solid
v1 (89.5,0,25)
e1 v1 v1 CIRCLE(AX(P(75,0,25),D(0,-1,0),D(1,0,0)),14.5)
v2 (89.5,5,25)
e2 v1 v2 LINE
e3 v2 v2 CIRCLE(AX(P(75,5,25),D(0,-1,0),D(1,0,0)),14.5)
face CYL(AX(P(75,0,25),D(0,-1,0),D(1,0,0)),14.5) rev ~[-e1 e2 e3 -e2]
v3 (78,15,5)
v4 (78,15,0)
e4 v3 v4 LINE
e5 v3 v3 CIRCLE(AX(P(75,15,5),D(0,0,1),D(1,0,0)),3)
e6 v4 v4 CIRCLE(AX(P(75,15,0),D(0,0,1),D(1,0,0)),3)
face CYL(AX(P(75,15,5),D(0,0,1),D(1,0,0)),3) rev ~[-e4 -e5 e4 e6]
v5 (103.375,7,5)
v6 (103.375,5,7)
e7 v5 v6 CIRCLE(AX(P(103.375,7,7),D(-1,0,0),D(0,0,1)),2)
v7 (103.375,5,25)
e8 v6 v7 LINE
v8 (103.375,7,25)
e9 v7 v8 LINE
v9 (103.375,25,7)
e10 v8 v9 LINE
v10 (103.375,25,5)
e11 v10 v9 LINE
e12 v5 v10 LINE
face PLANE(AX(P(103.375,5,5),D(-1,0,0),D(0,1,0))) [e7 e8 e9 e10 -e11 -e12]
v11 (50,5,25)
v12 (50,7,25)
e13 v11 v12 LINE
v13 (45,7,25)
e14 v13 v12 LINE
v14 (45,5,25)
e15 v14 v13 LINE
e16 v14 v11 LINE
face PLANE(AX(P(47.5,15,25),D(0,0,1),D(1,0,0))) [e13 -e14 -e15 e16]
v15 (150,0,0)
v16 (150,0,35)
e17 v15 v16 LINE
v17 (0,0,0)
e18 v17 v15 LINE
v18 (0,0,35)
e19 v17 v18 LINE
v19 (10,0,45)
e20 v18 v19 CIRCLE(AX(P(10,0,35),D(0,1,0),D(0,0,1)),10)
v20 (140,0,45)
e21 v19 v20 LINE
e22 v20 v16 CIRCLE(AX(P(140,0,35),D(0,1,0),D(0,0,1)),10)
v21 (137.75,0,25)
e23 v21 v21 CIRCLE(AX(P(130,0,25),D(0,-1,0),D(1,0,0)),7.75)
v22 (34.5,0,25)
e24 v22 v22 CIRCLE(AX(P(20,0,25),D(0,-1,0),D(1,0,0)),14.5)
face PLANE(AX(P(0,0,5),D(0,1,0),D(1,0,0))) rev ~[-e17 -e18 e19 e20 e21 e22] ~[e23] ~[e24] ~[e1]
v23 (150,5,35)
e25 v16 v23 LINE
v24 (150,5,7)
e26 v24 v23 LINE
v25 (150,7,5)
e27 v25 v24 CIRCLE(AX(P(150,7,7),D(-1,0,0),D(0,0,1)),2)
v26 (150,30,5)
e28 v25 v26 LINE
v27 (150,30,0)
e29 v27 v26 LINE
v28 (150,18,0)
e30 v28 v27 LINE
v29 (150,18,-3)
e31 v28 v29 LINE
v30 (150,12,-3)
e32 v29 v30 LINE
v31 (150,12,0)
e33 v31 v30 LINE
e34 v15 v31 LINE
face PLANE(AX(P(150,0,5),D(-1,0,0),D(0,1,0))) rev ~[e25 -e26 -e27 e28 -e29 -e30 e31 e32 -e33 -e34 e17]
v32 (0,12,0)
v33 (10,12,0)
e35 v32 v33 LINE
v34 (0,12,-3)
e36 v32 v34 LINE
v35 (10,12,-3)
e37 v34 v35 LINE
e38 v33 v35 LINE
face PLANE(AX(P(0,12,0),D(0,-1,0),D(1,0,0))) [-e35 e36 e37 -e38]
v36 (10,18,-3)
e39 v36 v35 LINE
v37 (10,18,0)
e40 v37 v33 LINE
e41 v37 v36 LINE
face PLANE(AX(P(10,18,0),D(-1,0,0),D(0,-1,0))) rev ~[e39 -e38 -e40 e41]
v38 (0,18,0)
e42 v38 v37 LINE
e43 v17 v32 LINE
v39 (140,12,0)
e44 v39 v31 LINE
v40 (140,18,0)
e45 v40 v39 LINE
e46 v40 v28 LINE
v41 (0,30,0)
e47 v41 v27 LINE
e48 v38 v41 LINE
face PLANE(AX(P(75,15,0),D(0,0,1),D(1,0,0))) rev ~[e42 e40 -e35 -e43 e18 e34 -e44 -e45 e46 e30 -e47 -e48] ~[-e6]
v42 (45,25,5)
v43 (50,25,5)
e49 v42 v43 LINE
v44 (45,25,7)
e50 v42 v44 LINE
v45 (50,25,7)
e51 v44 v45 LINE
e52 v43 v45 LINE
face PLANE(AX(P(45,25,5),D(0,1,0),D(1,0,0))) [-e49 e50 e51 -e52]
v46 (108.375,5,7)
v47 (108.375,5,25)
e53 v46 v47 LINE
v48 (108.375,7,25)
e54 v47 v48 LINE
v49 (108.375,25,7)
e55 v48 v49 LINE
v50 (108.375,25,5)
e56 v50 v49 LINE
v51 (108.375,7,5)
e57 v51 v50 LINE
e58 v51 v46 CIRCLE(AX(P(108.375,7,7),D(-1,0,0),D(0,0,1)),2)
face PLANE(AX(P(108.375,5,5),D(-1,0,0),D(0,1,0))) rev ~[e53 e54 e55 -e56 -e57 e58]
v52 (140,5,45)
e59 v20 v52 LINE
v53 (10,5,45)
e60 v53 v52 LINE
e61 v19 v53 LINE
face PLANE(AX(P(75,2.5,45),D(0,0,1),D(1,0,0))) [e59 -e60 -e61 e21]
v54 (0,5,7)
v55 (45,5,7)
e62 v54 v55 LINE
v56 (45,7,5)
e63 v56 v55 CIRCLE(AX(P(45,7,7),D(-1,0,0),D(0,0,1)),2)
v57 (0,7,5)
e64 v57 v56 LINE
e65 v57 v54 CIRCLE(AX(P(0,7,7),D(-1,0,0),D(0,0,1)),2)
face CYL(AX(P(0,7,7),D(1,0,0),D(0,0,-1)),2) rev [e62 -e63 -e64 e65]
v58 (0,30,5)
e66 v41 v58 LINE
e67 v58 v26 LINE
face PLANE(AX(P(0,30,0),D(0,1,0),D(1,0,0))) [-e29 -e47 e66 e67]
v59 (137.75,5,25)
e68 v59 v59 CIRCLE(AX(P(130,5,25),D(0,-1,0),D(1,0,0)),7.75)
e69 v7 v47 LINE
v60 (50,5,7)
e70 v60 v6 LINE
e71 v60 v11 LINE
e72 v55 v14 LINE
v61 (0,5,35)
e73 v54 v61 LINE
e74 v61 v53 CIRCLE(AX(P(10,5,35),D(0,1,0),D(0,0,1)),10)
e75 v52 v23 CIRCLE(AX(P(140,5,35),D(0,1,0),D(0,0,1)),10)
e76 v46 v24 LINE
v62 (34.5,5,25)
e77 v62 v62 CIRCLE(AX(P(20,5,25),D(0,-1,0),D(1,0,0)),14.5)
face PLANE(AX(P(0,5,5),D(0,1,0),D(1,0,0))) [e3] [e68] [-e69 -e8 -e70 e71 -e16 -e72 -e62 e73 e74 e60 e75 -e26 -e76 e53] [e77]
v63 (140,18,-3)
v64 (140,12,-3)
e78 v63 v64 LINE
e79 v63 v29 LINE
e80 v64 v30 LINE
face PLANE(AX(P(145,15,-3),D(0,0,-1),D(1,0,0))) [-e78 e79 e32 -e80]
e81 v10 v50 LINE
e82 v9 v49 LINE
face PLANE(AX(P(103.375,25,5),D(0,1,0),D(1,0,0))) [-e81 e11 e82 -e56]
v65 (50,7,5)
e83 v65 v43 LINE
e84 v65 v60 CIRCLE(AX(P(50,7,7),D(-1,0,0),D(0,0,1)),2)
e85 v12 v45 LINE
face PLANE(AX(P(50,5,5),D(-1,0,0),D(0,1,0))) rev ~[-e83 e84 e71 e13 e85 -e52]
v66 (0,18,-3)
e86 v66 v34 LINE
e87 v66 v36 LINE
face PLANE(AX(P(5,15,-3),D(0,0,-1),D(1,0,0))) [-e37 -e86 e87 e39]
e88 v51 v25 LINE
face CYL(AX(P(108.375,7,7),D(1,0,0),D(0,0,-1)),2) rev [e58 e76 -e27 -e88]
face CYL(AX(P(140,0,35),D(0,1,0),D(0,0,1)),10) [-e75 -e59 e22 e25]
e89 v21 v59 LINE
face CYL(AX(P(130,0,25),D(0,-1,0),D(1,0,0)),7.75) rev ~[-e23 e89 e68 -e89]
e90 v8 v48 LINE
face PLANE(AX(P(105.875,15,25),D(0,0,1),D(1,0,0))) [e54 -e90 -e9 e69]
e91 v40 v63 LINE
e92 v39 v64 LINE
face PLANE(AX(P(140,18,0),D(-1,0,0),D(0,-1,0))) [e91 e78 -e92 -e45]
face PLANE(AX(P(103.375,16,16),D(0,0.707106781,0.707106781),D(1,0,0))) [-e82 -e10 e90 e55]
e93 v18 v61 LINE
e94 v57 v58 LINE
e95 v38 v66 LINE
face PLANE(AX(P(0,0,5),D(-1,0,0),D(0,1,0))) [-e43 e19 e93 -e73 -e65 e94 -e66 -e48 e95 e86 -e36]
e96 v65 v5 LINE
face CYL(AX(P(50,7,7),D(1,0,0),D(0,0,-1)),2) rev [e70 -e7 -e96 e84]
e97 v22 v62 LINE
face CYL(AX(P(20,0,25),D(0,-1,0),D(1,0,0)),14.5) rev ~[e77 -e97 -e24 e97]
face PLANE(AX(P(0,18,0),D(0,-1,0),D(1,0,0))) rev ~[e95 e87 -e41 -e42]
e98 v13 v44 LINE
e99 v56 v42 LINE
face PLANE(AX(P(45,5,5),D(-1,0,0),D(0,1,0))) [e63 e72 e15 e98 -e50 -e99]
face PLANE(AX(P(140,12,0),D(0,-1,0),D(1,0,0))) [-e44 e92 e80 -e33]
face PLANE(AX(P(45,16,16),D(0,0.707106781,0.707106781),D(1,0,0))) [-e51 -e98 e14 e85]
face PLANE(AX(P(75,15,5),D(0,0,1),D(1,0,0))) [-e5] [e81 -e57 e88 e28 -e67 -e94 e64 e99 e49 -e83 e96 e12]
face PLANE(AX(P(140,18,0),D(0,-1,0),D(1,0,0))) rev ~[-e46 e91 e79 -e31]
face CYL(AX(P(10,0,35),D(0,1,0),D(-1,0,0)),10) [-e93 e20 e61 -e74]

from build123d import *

# Parameters (mm, degrees)
SKETCH_W        = 150
SKETCH_H        = 30
PAD_DEPTH       = 5
SKETCH001_W     = 150
SKETCH001_H     = 5
PAD001_DEPTH    = 40
SKETCH002_R     = 14.5
SKETCH002_R_2   = 7.75
POCKET_DEPTH    = 30.001
FILLET_R        = 10
SKETCH003_W     = 10
SKETCH003_H     = 6
PAD002_DEPTH    = 3
SKETCH004_R     = 3
POCKET001_DEPTH = 8.001
SKETCH005_W     = 5
SKETCH005_H     = 20
PAD003_DEPTH    = 20
CHAMFER_SIZE    = 18
FILLET001_R     = 2


with BuildPart() as part:
    # Sketch → Pad (new body)
    with BuildSketch(Plane.XY):
        with Locations((75, 15)):
            Rectangle(SKETCH_W, SKETCH_H)
    extrude(amount=PAD_DEPTH)

    # Sketch001 (on Face6 of Pad) → Pad001 (join)
    with BuildSketch(Plane.XY.offset(5)):
        with Locations((75, 2.5)):
            Rectangle(SKETCH001_W, SKETCH001_H)
    extrude(amount=PAD001_DEPTH)

    # Sketch002 (on Face5 of Pad001) → Pocket (cut, through all)
    with BuildSketch(Plane.XZ):
        with Locations((20, 25)):
            Circle(SKETCH002_R)
        with Locations((75, 25)):
            Circle(SKETCH002_R)
        with Locations((130, 25)):
            Circle(SKETCH002_R_2)
    extrude(amount=-POCKET_DEPTH, mode=Mode.SUBTRACT)

    # Fillet
    fillet_edges = [part.edges().sort_by_distance(p)[0] for p in [
        (150, 2.5, 45),
        (0, 2.5, 45),
    ]]
    fillet(fillet_edges, radius=FILLET_R)

    # Sketch003 → Pad002 (join)
    with BuildSketch(Plane(origin=(0, 0, 0), x_dir=(1, 0, 0), z_dir=(0, 0, -1))):
        with Locations((5, -15)):
            Rectangle(SKETCH003_W, SKETCH003_H)
        with Locations((145, -15)):
            Rectangle(SKETCH003_W, SKETCH003_H)
    extrude(amount=PAD002_DEPTH)

    # Sketch004 (on Face15 of Pad002) → Pocket001 (cut, through all)
    with BuildSketch(Plane.XY.offset(5)):
        with Locations((75, 15)):
            Circle(SKETCH004_R)
    extrude(amount=-POCKET001_DEPTH, mode=Mode.SUBTRACT)

    # Sketch005 (on Face15 of Pocket001) → Pad003 (join)
    with BuildSketch(Plane.XY.offset(5)):
        with Locations((47.5, 15)):
            Rectangle(SKETCH005_W, SKETCH005_H)
        with Locations((105.875, 15)):
            Rectangle(SKETCH005_W, SKETCH005_H)
    extrude(amount=PAD003_DEPTH)

    # Chamfer
    chamfer_edges = [part.edges().sort_by_distance(p)[0] for p in [
        (105.875, 25, 25),
        (47.5, 25, 25),
    ]]
    chamfer(chamfer_edges, length=CHAMFER_SIZE)

    # Fillet001
    fillet001_edges = [part.edges().sort_by_distance(p)[0] for p in [
        (129.1875, 5, 5),
        (76.6875, 5, 5),
        (22.5, 5, 5),
    ]]
    fillet(fillet001_edges, radius=FILLET001_R)


solid = part.part
